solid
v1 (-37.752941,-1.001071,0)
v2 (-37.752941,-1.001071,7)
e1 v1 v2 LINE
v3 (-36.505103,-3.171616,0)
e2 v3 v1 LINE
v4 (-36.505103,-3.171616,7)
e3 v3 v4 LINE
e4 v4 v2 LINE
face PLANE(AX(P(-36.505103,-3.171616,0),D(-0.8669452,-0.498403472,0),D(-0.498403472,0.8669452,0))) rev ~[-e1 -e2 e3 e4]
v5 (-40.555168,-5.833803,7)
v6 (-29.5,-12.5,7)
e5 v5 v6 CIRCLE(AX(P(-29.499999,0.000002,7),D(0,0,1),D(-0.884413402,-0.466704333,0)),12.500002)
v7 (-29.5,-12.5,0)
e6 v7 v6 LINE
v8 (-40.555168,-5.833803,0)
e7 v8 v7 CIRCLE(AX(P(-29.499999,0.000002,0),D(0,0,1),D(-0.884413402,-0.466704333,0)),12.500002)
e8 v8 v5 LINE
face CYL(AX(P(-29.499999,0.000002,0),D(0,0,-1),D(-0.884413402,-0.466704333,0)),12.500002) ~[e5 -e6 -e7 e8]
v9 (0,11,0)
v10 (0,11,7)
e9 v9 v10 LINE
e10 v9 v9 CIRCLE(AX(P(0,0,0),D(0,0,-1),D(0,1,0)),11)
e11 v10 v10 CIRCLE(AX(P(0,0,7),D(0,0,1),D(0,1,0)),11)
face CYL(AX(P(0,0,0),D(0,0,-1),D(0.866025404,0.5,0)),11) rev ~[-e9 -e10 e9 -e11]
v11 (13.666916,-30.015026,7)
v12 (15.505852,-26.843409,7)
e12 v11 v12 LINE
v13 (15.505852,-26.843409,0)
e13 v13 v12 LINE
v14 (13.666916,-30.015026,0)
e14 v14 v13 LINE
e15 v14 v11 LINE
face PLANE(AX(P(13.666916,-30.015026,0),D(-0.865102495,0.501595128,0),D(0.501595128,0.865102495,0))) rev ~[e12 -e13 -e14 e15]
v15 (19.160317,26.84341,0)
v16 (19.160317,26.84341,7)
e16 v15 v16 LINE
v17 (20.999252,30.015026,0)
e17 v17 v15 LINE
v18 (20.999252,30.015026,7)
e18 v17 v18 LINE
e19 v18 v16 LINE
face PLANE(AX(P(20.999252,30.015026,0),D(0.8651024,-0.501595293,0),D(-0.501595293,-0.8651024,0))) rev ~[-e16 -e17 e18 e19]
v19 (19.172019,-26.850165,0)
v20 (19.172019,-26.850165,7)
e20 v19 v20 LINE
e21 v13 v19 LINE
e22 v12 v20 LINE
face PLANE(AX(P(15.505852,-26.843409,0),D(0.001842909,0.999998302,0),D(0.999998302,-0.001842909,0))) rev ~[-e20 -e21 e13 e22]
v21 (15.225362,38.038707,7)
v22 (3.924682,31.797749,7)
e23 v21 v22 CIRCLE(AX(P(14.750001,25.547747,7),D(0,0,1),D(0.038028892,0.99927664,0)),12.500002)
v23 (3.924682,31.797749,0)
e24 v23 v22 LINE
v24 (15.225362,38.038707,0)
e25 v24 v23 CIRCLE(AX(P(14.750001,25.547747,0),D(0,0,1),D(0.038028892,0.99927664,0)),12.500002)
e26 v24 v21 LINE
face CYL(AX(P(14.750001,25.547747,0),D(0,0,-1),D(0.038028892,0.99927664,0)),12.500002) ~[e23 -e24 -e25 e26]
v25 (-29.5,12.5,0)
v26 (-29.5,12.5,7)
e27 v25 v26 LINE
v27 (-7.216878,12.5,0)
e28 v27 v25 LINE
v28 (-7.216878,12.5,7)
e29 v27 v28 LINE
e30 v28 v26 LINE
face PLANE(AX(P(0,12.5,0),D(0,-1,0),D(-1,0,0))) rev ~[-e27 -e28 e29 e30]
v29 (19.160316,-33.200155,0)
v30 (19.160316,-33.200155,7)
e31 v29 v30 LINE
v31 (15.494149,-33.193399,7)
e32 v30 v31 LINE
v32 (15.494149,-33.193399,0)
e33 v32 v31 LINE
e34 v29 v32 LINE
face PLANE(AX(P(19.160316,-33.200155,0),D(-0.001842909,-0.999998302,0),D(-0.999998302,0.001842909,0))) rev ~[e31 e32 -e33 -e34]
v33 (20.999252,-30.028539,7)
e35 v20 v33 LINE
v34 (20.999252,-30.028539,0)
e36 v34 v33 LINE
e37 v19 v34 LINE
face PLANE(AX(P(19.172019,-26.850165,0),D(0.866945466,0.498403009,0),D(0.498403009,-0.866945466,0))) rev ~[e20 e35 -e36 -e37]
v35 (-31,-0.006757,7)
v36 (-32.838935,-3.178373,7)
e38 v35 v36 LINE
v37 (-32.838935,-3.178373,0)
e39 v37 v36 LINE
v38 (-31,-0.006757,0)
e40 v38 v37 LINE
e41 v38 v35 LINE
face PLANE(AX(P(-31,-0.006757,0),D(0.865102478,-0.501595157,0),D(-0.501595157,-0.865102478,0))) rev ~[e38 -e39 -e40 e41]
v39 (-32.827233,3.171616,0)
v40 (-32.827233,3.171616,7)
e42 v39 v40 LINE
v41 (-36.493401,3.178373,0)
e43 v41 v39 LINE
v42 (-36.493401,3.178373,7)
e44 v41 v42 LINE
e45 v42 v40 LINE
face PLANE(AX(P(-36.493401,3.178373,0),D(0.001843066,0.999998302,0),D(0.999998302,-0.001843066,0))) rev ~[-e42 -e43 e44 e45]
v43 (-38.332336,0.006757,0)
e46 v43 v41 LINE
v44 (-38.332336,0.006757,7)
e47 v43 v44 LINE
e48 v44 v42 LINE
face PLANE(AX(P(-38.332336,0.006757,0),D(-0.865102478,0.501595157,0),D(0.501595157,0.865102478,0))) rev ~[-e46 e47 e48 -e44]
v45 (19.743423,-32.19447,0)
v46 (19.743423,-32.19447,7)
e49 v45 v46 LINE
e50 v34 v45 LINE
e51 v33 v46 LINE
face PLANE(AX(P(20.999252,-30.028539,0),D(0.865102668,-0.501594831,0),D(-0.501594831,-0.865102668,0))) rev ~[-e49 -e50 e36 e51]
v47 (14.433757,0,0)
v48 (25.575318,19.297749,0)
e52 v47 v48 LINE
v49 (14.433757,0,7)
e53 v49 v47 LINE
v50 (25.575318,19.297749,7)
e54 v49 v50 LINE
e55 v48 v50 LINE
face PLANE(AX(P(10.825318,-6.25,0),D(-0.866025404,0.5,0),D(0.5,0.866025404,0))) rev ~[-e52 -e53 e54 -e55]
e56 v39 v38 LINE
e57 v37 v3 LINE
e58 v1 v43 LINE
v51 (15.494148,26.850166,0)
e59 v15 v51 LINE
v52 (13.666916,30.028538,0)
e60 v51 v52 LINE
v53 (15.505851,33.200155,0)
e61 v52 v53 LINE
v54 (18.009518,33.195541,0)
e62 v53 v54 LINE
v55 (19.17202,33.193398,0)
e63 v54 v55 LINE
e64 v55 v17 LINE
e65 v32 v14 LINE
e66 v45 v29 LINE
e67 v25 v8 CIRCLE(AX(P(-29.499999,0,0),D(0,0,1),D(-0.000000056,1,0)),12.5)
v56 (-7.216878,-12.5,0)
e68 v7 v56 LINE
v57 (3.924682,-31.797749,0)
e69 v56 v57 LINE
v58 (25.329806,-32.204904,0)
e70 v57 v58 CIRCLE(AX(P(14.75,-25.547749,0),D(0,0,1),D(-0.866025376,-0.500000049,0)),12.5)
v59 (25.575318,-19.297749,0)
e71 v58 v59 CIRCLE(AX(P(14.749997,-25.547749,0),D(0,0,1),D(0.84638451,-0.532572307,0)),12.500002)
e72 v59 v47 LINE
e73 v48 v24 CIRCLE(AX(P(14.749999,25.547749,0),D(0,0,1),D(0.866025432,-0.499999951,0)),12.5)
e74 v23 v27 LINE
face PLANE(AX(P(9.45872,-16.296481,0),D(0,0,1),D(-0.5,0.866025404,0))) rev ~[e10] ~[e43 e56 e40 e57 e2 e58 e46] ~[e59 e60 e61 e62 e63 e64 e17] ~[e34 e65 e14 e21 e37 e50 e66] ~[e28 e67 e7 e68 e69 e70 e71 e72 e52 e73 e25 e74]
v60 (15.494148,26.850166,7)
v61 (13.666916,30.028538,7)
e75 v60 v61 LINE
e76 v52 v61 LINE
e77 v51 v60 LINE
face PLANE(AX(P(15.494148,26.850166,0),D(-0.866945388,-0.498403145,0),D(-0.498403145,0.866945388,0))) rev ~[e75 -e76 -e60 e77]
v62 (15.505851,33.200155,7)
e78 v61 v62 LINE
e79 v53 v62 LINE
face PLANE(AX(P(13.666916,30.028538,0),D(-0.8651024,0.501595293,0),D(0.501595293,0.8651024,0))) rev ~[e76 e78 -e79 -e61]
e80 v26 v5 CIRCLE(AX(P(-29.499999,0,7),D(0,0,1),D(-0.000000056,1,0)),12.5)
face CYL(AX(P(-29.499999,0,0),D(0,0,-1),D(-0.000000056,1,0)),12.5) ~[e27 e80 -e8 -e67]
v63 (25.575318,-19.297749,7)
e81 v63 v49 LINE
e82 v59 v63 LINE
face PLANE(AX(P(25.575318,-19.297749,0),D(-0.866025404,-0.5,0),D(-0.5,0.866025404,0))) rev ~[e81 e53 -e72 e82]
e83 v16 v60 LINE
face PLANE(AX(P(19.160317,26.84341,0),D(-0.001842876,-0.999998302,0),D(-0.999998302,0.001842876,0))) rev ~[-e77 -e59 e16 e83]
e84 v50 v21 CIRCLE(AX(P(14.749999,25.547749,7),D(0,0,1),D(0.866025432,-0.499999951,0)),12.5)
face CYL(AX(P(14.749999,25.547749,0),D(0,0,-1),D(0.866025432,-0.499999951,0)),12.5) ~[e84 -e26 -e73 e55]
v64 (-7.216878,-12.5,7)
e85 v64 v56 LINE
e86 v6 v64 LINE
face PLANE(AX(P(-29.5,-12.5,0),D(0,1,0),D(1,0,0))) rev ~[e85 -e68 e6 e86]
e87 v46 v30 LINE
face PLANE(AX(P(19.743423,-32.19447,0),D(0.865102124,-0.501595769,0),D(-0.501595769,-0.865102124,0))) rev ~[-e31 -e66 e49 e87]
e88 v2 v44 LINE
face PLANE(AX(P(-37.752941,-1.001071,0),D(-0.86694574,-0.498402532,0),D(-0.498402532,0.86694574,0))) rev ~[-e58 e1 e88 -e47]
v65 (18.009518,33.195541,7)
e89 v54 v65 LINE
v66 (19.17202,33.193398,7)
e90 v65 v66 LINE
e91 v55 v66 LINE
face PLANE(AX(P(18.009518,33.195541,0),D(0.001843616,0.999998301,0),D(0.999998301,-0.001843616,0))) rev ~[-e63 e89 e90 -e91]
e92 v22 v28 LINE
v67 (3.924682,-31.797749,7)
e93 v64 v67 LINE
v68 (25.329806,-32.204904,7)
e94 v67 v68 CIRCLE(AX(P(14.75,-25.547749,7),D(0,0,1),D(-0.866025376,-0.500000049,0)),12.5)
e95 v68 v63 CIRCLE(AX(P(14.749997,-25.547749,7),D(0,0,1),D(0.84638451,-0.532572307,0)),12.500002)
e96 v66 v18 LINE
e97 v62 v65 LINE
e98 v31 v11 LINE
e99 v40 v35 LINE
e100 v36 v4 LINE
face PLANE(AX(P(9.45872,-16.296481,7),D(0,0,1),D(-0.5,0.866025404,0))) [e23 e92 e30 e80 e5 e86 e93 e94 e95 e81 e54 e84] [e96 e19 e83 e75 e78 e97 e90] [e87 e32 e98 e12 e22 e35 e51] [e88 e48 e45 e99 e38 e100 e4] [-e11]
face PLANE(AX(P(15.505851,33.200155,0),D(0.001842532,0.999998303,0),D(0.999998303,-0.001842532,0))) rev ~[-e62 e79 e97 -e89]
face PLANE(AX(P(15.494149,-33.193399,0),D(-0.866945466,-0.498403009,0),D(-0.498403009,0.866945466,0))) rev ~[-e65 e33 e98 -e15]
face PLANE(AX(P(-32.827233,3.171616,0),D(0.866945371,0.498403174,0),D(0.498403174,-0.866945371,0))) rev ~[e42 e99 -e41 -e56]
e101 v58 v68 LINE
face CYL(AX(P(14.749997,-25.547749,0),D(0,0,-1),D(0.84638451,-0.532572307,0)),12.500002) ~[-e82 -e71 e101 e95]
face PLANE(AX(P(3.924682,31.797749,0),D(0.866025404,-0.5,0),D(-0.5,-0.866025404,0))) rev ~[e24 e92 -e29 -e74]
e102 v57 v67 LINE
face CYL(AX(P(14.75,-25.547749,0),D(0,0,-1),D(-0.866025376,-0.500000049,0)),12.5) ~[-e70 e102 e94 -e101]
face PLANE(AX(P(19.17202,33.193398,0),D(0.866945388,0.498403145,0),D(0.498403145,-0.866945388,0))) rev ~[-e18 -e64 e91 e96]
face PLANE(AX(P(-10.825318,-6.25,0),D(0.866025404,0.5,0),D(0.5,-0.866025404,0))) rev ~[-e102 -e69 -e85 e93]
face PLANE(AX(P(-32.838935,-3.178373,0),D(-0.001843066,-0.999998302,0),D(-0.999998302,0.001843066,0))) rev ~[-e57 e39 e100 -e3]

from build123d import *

# Parameters (mm, degrees)
F2_DEPTH = 7
F3_COUNT = 3
F3_ANGLE = 240


with BuildPart() as f2:
    # F1 (on Top) → F2 (new body)
    with BuildSketch(Plane.XY):
        with BuildLine():
            ThreePointArc((0, -11), (-11, 0), (0, 11))
            Line((0, 11), (0, 12.5))
            Line((0, 12.5), (-29.5, 12.5))
            ThreePointArc((-29.5, 12.5), (-40.204497, 6.454745), (-40.555168, -5.833803))
            ThreePointArc((-40.555168, -5.833803), (-35.954745, -10.704497), (-29.5, -12.5))
            Line((-29.5, -12.5), (0, -12.5))
            Line((0, -12.5), (0, -11))
        make_face()
        Polygon((-36.505103, -3.171616), (-37.752941, -1.001071), (-38.332336, 0.006757), (-36.493401, 3.178373), (-32.827233, 3.171616), (-31, -0.006757), (-32.838935, -3.178373), align=None, mode=Mode.SUBTRACT)
    extrude(amount=F2_DEPTH)

    # F3: F2 ×3 about axis
    f3_axis = Axis((0, 0, 3.091235), (0, 0, 1))


with BuildPart() as f2_1:
    add(f2.part)
    for i in range(1, F3_COUNT):
        add(f2.part.rotate(f3_axis, i * F3_ANGLE / (F3_COUNT - 1)))


solid = f2_1.part
